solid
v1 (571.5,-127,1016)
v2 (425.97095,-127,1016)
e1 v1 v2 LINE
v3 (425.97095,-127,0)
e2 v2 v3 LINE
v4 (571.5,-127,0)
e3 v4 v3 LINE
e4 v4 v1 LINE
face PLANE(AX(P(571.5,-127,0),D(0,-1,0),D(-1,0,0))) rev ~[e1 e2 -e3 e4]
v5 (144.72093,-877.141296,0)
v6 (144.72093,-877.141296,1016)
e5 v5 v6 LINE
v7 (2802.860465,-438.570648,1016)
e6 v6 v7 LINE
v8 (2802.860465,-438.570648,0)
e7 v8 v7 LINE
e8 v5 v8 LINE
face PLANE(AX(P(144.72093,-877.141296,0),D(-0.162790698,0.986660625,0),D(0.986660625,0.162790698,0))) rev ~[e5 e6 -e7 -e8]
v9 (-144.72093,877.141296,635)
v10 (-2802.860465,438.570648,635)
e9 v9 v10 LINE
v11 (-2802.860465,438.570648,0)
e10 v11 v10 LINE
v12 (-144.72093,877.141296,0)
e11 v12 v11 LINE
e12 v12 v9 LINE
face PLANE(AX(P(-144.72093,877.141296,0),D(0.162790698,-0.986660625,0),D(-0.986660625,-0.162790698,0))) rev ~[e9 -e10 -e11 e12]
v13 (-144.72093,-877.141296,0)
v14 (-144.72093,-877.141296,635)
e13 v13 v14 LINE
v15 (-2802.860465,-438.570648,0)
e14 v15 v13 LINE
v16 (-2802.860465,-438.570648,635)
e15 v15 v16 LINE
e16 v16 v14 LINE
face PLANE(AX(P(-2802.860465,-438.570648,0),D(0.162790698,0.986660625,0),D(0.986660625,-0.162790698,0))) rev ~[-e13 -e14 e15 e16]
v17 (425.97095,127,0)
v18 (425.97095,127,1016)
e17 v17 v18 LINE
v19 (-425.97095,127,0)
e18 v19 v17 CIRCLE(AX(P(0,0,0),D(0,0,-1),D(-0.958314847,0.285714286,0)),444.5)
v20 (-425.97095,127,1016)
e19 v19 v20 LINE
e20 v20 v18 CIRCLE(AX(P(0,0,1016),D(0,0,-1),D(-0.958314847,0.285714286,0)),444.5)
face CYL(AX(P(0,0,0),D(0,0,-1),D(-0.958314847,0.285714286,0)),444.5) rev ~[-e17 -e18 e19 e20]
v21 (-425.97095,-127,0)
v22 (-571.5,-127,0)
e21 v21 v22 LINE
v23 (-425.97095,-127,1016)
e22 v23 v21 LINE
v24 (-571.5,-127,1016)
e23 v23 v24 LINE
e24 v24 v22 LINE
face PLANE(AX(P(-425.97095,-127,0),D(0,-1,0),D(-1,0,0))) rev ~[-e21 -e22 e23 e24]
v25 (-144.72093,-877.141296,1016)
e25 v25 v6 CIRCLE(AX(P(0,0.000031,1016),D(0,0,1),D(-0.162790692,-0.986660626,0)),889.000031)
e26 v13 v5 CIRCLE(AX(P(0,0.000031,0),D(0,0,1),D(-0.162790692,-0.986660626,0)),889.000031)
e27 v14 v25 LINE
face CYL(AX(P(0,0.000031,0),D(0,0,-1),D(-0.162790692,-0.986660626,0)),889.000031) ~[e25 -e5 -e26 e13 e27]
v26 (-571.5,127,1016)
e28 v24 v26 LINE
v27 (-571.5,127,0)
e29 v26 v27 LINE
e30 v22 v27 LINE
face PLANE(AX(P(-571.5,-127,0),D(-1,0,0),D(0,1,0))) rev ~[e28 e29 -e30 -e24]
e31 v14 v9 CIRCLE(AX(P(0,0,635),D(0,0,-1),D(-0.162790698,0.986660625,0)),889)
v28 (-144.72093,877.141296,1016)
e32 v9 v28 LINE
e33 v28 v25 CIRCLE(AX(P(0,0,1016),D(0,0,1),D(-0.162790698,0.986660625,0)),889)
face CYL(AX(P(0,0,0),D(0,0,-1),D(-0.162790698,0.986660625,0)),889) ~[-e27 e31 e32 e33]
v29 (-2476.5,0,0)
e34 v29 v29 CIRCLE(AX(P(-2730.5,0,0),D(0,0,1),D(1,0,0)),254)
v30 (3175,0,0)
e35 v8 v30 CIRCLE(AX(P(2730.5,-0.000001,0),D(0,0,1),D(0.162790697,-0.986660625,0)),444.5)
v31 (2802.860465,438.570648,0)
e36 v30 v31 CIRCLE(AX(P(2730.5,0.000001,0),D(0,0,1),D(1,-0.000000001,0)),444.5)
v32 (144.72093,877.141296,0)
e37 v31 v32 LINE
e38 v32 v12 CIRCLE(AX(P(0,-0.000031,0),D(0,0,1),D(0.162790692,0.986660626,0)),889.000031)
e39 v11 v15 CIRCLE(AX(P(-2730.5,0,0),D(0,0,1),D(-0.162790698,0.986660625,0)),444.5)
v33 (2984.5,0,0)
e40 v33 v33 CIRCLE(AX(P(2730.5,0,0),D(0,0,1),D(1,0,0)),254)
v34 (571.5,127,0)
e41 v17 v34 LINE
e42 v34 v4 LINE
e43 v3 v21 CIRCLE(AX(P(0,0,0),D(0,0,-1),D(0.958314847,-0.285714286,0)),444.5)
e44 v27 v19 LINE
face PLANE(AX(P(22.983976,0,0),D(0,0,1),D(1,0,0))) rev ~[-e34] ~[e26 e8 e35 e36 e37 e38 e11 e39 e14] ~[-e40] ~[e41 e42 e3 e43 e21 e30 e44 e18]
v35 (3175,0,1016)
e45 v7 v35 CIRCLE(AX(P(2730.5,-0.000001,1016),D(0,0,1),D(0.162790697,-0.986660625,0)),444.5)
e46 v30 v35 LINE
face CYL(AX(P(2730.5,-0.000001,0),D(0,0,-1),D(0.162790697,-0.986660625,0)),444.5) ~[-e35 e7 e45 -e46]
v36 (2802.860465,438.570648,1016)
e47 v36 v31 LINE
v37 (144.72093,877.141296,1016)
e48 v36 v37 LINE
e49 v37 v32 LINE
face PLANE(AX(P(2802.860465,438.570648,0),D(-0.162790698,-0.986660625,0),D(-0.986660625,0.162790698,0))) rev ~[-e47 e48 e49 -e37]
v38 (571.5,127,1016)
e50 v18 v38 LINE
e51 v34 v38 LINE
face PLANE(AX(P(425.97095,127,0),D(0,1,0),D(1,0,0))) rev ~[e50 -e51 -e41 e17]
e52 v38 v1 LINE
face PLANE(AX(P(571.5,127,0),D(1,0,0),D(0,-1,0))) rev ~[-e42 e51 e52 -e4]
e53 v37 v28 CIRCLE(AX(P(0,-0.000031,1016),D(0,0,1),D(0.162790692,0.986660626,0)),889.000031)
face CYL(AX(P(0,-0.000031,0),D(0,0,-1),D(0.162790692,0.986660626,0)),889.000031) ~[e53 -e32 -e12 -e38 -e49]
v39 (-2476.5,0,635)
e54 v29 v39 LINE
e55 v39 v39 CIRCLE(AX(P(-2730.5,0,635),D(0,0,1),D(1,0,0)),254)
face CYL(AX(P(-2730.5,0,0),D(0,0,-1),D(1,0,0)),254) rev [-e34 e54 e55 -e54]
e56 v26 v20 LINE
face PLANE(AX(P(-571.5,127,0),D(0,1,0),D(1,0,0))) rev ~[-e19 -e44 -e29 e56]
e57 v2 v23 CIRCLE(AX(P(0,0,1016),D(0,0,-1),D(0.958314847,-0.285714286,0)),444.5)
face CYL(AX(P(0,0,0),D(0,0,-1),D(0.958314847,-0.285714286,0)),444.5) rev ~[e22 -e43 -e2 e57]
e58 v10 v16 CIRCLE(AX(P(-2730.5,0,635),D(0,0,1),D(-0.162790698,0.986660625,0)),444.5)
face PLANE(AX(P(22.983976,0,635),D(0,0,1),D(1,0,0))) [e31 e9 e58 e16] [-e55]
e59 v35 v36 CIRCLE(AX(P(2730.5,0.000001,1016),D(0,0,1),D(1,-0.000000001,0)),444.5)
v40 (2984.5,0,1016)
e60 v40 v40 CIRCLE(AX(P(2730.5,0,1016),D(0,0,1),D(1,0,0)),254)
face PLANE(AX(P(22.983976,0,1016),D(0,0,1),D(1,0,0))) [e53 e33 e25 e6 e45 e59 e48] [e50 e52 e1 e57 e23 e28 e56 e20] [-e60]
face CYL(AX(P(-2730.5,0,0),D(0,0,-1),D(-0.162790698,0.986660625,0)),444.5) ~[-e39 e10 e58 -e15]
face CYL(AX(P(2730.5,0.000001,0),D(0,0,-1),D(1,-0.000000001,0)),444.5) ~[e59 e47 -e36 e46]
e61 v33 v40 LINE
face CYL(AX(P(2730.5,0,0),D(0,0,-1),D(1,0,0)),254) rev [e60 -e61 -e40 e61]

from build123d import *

# Parameters (mm, degrees)
F0_R     = 254
F1_DEPTH = 1016
F2_DEPTH = 635


with BuildPart() as f1:
    # F0 (on Top) → F1 (new body)
    with BuildSketch(Plane.XY):
        with BuildLine():
            ThreePointArc((144.72093, -877.141296), (677.856145, -575.180012), (889, 0))
            ThreePointArc((889, 0), (677.856145, 575.180012), (144.72093, 877.141296))
            ThreePointArc((144.72093, 877.141296), (0, 889), (-144.72093, 877.141296))
            ThreePointArc((-144.72093, 877.141296), (-889, 0), (-144.72093, -877.141296))
            ThreePointArc((-144.72093, -877.141296), (0, -889), (144.72093, -877.141296))
        make_face()
        with BuildLine():
            ThreePointArc((-425.97095, 127), (0, 444.5), (425.97095, 127))
            Line((425.97095, 127), (571.5, 127))
            Line((571.5, 127), (571.5, -127))
            Line((571.5, -127), (425.97095, -127))
            ThreePointArc((425.97095, -127), (0, -444.5), (-425.97095, -127))
            Line((-425.97095, -127), (-571.5, -127))
            Line((-571.5, -127), (-571.5, 127))
            Line((-571.5, 127), (-425.97095, 127))
        make_face(mode=Mode.SUBTRACT)
        with BuildLine():
            ThreePointArc((144.72093, 877.141296), (677.856145, 575.180012), (889, 0))
            ThreePointArc((889, 0), (677.856145, -575.180012), (144.72093, -877.141296))
            Line((144.72093, -877.141296), (2802.860465, -438.570648))
            ThreePointArc((2802.860465, -438.570648), (2286, 0), (2802.860465, 438.570648))
            Line((2802.860465, 438.570648), (144.72093, 877.141296))
        make_face()
        with BuildLine():
            ThreePointArc((3175, 0), (3069.428073, 287.590006), (2802.860465, 438.570648))
            ThreePointArc((2802.860465, 438.570648), (2286, 0), (2802.860465, -438.570648))
            ThreePointArc((2802.860465, -438.570648), (3069.428073, -287.590006), (3175, 0))
        make_face()
        with Locations((2730.5, 0)):
            Circle(F0_R, mode=Mode.SUBTRACT)
    extrude(amount=F1_DEPTH)

    # F0 (on Top) → F2 (join)
    with BuildSketch(Plane.XY):
        with BuildLine():
            ThreePointArc((144.72093, -877.141296), (677.856145, -575.180012), (889, 0))
            ThreePointArc((889, 0), (677.856145, 575.180012), (144.72093, 877.141296))
            ThreePointArc((144.72093, 877.141296), (0, 889), (-144.72093, 877.141296))
            ThreePointArc((-144.72093, 877.141296), (-889, 0), (-144.72093, -877.141296))
            ThreePointArc((-144.72093, -877.141296), (0, -889), (144.72093, -877.141296))
        make_face()
        with BuildLine():
            ThreePointArc((-425.97095, 127), (0, 444.5), (425.97095, 127))
            Line((425.97095, 127), (571.5, 127))
            Line((571.5, 127), (571.5, -127))
            Line((571.5, -127), (425.97095, -127))
            ThreePointArc((425.97095, -127), (0, -444.5), (-425.97095, -127))
            Line((-425.97095, -127), (-571.5, -127))
            Line((-571.5, -127), (-571.5, 127))
            Line((-571.5, 127), (-425.97095, 127))
        make_face(mode=Mode.SUBTRACT)
        with BuildLine():
            ThreePointArc((144.72093, 877.141296), (677.856145, 575.180012), (889, 0))
            ThreePointArc((889, 0), (677.856145, -575.180012), (144.72093, -877.141296))
            Line((144.72093, -877.141296), (2802.860465, -438.570648))
            ThreePointArc((2802.860465, -438.570648), (2286, 0), (2802.860465, 438.570648))
            Line((2802.860465, 438.570648), (144.72093, 877.141296))
        make_face()
        with BuildLine():
            ThreePointArc((-144.72093, -877.141296), (-889, 0), (-144.72093, 877.141296))
            Line((-144.72093, 877.141296), (-2802.860465, 438.570648))
            ThreePointArc((-2802.860465, 438.570648), (-2442.909994, 338.928073), (-2286, 0))
            ThreePointArc((-2286, 0), (-2442.909994, -338.928073), (-2802.860465, -438.570648))
            Line((-2802.860465, -438.570648), (-144.72093, -877.141296))
        make_face()
        with BuildLine():
            ThreePointArc((3175, 0), (3069.428073, 287.590006), (2802.860465, 438.570648))
            ThreePointArc((2802.860465, 438.570648), (2286, 0), (2802.860465, -438.570648))
            ThreePointArc((2802.860465, -438.570648), (3069.428073, -287.590006), (3175, 0))
        make_face()
        with Locations((2730.5, 0)):
            Circle(F0_R, mode=Mode.SUBTRACT)
        with BuildLine():
            ThreePointArc((-2286, 0), (-2442.909994, 338.928073), (-2802.860465, 438.570648))
            ThreePointArc((-2802.860465, 438.570648), (-3175, 0), (-2802.860465, -438.570648))
            ThreePointArc((-2802.860465, -438.570648), (-2442.909994, -338.928073), (-2286, 0))
        make_face()
        with Locations((-2730.5, 0)):
            Circle(F0_R, mode=Mode.SUBTRACT)
    extrude(amount=F2_DEPTH)


solid = f1.part
